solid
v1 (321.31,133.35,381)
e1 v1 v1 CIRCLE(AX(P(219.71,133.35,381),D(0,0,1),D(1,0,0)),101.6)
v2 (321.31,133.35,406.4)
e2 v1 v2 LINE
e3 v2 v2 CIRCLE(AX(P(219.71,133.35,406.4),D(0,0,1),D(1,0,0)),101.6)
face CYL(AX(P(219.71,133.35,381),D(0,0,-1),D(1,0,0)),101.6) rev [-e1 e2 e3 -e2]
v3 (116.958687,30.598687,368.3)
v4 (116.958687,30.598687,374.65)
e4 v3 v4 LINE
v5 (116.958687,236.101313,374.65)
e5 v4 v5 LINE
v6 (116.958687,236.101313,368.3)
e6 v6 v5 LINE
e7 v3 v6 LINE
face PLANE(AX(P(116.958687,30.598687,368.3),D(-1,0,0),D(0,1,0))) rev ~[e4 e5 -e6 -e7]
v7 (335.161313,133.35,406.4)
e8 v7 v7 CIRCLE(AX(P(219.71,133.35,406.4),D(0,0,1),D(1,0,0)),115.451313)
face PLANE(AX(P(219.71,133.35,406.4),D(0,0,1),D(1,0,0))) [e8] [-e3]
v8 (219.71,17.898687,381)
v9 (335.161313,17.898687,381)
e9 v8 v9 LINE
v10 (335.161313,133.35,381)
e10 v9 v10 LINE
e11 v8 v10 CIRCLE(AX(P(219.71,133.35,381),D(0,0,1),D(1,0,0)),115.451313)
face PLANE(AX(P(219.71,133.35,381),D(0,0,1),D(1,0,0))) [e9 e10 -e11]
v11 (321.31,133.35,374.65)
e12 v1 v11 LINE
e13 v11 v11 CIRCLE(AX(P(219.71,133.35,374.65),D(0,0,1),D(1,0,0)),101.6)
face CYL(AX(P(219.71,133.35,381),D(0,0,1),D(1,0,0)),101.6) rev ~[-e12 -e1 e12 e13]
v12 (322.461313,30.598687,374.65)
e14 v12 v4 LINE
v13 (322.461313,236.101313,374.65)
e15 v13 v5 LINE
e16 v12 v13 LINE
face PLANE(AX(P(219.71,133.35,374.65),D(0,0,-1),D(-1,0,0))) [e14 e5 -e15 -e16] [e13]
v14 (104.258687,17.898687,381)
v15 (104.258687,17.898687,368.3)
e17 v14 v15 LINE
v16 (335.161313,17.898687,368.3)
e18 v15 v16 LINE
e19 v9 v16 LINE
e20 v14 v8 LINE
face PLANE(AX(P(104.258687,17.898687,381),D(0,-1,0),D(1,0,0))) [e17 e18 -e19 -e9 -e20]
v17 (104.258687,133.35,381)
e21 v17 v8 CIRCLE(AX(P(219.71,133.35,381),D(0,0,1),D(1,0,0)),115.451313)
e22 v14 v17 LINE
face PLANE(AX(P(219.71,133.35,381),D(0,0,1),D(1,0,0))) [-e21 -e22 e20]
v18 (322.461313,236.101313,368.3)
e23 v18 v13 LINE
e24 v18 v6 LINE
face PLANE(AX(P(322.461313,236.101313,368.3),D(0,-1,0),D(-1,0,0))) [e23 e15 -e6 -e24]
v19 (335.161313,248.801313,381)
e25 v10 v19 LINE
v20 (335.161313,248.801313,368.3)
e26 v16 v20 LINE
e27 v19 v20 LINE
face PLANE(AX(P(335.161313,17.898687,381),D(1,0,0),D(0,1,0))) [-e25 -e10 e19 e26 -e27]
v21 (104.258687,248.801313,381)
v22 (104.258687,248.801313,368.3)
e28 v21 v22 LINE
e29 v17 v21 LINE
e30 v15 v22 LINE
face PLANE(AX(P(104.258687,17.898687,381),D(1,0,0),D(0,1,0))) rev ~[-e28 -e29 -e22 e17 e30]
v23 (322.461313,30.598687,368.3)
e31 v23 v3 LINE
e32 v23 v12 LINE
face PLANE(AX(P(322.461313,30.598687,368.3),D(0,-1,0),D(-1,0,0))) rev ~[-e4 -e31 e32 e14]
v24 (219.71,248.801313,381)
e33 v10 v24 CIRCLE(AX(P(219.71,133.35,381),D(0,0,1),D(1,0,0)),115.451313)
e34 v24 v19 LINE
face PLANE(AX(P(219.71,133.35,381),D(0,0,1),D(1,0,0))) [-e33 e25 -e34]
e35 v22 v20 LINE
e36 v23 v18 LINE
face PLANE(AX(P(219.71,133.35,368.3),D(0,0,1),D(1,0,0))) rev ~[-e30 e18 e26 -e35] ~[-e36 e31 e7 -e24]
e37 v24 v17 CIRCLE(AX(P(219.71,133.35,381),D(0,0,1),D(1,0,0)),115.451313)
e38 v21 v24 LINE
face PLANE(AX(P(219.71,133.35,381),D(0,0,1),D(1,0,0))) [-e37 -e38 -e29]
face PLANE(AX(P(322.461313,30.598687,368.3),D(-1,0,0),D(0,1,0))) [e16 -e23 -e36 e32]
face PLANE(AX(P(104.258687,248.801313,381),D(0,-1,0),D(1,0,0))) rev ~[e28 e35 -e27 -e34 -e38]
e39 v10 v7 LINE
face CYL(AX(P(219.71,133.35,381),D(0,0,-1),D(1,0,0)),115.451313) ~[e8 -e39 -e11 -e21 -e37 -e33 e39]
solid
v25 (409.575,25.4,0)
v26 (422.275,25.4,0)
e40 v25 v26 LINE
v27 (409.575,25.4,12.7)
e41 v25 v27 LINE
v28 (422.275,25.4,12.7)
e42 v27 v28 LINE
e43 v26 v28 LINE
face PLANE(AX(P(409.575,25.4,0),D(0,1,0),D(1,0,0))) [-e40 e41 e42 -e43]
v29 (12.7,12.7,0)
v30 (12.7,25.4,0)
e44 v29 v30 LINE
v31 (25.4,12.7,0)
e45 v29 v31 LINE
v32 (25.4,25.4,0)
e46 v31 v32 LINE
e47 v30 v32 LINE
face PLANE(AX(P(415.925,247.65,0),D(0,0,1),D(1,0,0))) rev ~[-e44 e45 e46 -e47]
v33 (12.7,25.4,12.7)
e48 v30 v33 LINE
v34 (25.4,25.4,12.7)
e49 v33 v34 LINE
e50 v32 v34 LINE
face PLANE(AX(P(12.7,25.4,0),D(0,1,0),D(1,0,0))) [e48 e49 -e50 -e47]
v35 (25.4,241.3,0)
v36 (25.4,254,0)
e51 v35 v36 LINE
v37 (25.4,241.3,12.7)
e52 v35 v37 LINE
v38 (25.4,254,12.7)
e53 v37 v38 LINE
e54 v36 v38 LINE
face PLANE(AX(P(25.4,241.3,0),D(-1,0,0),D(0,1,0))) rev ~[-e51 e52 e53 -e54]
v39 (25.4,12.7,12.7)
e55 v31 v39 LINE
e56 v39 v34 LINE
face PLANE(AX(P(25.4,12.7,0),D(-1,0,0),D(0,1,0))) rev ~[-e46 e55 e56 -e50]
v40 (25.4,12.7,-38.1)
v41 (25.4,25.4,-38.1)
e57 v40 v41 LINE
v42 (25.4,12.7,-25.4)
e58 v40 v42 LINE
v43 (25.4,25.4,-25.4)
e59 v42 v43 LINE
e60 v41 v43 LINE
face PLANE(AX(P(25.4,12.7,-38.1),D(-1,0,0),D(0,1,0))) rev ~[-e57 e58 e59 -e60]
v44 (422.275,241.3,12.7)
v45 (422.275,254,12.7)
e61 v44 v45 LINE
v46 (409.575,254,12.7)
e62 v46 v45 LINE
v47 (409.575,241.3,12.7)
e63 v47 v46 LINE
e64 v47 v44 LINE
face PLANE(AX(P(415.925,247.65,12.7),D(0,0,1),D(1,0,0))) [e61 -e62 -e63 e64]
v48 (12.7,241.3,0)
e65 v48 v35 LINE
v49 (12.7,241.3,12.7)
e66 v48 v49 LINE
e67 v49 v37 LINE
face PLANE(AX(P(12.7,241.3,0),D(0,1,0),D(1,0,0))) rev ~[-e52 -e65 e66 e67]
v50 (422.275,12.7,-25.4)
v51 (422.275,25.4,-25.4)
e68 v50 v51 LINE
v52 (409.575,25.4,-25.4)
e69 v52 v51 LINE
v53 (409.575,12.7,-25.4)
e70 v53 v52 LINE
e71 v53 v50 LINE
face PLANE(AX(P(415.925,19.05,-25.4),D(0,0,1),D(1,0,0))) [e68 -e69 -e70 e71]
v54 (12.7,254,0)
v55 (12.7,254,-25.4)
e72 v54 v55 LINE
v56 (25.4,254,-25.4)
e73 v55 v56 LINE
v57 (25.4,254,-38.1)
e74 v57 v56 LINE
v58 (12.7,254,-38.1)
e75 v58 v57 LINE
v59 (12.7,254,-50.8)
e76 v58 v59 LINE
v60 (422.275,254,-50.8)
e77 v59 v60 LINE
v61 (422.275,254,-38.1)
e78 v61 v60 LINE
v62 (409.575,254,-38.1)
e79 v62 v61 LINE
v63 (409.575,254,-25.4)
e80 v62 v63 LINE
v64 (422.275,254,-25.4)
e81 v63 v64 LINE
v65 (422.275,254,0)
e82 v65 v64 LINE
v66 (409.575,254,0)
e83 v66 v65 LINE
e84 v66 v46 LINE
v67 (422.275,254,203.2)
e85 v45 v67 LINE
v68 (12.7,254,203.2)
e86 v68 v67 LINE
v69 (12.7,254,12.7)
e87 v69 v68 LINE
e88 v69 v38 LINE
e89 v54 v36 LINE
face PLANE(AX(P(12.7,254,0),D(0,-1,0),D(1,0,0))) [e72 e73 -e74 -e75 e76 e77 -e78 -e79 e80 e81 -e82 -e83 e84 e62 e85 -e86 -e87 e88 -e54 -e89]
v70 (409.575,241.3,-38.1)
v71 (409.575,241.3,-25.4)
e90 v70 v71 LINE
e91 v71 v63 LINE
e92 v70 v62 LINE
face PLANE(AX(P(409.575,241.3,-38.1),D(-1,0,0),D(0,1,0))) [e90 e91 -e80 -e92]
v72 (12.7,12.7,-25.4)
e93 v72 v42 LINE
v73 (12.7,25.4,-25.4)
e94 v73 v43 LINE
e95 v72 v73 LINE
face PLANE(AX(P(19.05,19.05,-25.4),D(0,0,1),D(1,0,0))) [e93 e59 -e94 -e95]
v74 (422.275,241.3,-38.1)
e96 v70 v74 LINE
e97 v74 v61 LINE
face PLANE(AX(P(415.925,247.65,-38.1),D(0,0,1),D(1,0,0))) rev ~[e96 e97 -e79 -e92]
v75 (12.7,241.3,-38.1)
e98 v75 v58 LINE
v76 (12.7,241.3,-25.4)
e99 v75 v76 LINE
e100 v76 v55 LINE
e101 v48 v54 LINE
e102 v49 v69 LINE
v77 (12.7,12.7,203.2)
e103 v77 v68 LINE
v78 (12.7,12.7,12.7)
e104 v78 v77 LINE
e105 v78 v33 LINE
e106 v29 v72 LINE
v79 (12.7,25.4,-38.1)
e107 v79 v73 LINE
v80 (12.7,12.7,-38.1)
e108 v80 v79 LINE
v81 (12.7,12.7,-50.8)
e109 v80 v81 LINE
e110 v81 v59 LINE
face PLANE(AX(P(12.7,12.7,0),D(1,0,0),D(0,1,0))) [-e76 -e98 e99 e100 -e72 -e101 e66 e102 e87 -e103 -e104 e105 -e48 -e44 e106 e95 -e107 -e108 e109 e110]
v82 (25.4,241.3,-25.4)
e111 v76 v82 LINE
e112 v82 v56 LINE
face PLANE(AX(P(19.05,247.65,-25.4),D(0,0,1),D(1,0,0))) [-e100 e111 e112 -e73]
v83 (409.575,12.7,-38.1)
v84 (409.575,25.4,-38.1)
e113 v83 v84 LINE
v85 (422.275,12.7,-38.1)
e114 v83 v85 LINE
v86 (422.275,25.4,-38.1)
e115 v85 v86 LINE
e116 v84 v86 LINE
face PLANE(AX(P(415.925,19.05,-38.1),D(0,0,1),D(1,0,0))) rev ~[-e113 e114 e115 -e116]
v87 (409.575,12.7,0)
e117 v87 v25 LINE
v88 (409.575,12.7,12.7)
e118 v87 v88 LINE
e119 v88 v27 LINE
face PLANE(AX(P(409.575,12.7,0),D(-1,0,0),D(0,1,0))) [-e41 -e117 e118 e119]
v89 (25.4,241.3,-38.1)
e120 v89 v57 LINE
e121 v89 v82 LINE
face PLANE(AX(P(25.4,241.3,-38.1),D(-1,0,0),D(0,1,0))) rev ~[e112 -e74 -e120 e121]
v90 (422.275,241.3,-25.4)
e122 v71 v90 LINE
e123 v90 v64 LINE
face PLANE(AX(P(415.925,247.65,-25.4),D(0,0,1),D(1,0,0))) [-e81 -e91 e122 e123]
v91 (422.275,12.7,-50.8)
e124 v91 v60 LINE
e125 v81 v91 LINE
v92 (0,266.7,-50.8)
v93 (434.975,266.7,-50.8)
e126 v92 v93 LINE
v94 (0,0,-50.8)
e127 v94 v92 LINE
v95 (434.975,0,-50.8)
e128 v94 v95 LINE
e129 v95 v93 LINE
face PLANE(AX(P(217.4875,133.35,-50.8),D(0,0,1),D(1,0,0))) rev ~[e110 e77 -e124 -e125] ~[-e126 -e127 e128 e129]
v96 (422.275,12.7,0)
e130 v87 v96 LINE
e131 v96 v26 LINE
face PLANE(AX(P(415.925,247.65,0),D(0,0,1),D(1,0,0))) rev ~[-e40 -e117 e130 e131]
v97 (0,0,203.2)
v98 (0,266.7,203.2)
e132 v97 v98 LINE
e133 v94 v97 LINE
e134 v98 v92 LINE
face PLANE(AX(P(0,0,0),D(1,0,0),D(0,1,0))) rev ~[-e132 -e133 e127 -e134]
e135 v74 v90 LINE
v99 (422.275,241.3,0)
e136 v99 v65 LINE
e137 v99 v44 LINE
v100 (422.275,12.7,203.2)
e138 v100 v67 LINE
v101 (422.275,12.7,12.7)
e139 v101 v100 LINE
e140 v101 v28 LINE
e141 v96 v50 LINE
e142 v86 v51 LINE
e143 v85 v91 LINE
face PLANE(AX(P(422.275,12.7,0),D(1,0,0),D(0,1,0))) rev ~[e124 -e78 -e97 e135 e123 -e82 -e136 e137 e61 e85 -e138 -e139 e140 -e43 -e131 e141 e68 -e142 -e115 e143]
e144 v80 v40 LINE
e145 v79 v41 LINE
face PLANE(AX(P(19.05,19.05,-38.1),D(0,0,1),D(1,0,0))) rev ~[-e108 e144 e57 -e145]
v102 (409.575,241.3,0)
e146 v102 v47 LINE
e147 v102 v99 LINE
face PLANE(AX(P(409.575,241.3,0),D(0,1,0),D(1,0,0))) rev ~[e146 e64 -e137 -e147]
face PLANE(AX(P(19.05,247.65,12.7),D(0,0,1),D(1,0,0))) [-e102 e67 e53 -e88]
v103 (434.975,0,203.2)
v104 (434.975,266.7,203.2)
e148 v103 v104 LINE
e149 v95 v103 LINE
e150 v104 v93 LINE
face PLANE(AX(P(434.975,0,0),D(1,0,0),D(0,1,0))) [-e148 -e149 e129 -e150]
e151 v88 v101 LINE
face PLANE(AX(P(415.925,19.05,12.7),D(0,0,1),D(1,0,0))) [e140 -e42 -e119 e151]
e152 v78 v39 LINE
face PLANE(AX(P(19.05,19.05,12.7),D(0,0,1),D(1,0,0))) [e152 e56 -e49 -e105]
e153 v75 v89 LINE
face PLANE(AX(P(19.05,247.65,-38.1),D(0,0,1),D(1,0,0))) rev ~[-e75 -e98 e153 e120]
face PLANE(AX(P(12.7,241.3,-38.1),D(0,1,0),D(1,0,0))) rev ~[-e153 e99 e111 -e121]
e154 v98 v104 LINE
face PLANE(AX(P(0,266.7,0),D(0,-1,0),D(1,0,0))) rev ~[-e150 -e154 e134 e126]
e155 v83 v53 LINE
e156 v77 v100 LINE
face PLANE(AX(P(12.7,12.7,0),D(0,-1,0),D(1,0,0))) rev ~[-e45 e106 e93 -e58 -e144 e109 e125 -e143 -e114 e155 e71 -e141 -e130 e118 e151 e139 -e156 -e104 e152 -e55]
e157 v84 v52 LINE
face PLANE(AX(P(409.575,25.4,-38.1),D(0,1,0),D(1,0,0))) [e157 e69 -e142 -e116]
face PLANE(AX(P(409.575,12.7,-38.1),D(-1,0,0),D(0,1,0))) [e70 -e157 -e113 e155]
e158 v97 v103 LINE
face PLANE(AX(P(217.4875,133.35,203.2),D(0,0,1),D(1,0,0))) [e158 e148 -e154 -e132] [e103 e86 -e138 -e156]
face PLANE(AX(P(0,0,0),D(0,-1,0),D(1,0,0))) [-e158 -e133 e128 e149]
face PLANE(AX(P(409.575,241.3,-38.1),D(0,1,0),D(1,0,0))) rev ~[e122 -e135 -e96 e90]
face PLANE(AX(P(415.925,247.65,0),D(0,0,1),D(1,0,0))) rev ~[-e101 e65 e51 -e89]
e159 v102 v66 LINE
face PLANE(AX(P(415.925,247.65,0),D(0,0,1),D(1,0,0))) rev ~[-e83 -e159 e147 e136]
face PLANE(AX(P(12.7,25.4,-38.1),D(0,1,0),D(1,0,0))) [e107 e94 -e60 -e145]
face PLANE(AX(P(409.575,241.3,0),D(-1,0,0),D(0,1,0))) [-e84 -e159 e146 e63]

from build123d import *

# Parameters (mm, degrees)
SKETCH1_W           = 434.975
SKETCH1_H           = 266.7
SKETCH1_W_2         = 409.575
SKETCH1_H_2         = 241.3
BOSS_EXTRUDE1_DEPTH = 203.2
SKETCH2_R           = 115.451312682
SKETCH2_R_2         = 101.6
BOSS_EXTRUDE3_DEPTH = 25.4
SKETCH4_W           = 230.902625364
SKETCH4_H           = 230.902625364
SKETCH4_R           = 101.6
BOSS_EXTRUDE4_DEPTH = 12.7
SKETCH8_W           = 205.502625364
SKETCH8_H           = 205.502625364
CUT_EXTRUDE1_DEPTH  = 6.35
SKETCH10_W          = 12.7
SKETCH10_H          = 12.7
BOSS_EXTRUDE5_DEPTH = 12.7
SKETCH1_2_W         = 434.975
SKETCH1_2_H         = 266.7
SKETCH1_2_W_2       = 409.575
SKETCH1_2_H_2       = 241.3
BOSS_EXTRUDE6_DEPTH = 50.8
LPATTERN1_COUNT     = 2
LPATTERN1_PITCH     = 38.1


with BuildPart() as part:
    # Sketch1 → Boss-Extrude1 (new body)
    with BuildSketch(Plane.XY):
        with Locations((217.4875, 133.35)):
            Rectangle(SKETCH1_W, SKETCH1_H)
        with Locations((217.4875, 133.35)):
            Rectangle(SKETCH1_W_2, SKETCH1_H_2, mode=Mode.SUBTRACT)
    extrude(amount=BOSS_EXTRUDE1_DEPTH)

    # Sketch10 → Boss-Extrude5 (add)
    with BuildSketch(Plane.XY):
        with Locations((415.925, 247.65)):
            Rectangle(SKETCH10_W, SKETCH10_H)
        with Locations((19.05, 247.65)):
            Rectangle(SKETCH10_W, SKETCH10_H)
        with Locations((19.05, 19.05)):
            Rectangle(SKETCH10_W, SKETCH10_H)
        with Locations((415.925, 19.05)):
            Rectangle(SKETCH10_W, SKETCH10_H)
    boss_extrude5 = extrude(amount=BOSS_EXTRUDE5_DEPTH)

    # Sketch1<2> → Boss-Extrude6 (add)
    with BuildSketch(Plane.XY):
        with Locations((217.4875, 133.35)):
            Rectangle(SKETCH1_2_W, SKETCH1_2_H)
        with Locations((217.4875, 133.35)):
            Rectangle(SKETCH1_2_W_2, SKETCH1_2_H_2, mode=Mode.SUBTRACT)
    extrude(amount=-BOSS_EXTRUDE6_DEPTH)

    # LPattern1: Boss-Extrude5 ×2
    with Locations(*[(0, 0, -i * LPATTERN1_PITCH) for i in range(1, LPATTERN1_COUNT)]):
        add(boss_extrude5)


with BuildPart() as body_2:
    # Sketch2 → Boss-Extrude3 (new body)
    with BuildSketch(Plane.XY.offset(381)):
        with Locations((219.71, 133.35)):
            Circle(SKETCH2_R)
        with Locations((219.71, 133.35)):
            Circle(SKETCH2_R_2, mode=Mode.SUBTRACT)
    extrude(amount=BOSS_EXTRUDE3_DEPTH)

    # Sketch4 → Boss-Extrude4 (add)
    with BuildSketch(Plane.XY.offset(381)):
        with Locations((219.71, 133.35)):
            Rectangle(SKETCH4_W, SKETCH4_H)
        with Locations((219.71, 133.35)):
            Circle(SKETCH4_R, mode=Mode.SUBTRACT)
    extrude(amount=-BOSS_EXTRUDE4_DEPTH)

    # Sketch8 → Cut-Extrude1 (cut)
    with BuildSketch(Plane(origin=(0, 0, 368.3), x_dir=(-1, 0, 0), z_dir=(0, 0, -1))):
        with Locations((-219.71, 133.35)):
            Rectangle(SKETCH8_W, SKETCH8_H)
    extrude(amount=-CUT_EXTRUDE1_DEPTH, mode=Mode.SUBTRACT)


solid = Compound([part.part, body_2.part])
